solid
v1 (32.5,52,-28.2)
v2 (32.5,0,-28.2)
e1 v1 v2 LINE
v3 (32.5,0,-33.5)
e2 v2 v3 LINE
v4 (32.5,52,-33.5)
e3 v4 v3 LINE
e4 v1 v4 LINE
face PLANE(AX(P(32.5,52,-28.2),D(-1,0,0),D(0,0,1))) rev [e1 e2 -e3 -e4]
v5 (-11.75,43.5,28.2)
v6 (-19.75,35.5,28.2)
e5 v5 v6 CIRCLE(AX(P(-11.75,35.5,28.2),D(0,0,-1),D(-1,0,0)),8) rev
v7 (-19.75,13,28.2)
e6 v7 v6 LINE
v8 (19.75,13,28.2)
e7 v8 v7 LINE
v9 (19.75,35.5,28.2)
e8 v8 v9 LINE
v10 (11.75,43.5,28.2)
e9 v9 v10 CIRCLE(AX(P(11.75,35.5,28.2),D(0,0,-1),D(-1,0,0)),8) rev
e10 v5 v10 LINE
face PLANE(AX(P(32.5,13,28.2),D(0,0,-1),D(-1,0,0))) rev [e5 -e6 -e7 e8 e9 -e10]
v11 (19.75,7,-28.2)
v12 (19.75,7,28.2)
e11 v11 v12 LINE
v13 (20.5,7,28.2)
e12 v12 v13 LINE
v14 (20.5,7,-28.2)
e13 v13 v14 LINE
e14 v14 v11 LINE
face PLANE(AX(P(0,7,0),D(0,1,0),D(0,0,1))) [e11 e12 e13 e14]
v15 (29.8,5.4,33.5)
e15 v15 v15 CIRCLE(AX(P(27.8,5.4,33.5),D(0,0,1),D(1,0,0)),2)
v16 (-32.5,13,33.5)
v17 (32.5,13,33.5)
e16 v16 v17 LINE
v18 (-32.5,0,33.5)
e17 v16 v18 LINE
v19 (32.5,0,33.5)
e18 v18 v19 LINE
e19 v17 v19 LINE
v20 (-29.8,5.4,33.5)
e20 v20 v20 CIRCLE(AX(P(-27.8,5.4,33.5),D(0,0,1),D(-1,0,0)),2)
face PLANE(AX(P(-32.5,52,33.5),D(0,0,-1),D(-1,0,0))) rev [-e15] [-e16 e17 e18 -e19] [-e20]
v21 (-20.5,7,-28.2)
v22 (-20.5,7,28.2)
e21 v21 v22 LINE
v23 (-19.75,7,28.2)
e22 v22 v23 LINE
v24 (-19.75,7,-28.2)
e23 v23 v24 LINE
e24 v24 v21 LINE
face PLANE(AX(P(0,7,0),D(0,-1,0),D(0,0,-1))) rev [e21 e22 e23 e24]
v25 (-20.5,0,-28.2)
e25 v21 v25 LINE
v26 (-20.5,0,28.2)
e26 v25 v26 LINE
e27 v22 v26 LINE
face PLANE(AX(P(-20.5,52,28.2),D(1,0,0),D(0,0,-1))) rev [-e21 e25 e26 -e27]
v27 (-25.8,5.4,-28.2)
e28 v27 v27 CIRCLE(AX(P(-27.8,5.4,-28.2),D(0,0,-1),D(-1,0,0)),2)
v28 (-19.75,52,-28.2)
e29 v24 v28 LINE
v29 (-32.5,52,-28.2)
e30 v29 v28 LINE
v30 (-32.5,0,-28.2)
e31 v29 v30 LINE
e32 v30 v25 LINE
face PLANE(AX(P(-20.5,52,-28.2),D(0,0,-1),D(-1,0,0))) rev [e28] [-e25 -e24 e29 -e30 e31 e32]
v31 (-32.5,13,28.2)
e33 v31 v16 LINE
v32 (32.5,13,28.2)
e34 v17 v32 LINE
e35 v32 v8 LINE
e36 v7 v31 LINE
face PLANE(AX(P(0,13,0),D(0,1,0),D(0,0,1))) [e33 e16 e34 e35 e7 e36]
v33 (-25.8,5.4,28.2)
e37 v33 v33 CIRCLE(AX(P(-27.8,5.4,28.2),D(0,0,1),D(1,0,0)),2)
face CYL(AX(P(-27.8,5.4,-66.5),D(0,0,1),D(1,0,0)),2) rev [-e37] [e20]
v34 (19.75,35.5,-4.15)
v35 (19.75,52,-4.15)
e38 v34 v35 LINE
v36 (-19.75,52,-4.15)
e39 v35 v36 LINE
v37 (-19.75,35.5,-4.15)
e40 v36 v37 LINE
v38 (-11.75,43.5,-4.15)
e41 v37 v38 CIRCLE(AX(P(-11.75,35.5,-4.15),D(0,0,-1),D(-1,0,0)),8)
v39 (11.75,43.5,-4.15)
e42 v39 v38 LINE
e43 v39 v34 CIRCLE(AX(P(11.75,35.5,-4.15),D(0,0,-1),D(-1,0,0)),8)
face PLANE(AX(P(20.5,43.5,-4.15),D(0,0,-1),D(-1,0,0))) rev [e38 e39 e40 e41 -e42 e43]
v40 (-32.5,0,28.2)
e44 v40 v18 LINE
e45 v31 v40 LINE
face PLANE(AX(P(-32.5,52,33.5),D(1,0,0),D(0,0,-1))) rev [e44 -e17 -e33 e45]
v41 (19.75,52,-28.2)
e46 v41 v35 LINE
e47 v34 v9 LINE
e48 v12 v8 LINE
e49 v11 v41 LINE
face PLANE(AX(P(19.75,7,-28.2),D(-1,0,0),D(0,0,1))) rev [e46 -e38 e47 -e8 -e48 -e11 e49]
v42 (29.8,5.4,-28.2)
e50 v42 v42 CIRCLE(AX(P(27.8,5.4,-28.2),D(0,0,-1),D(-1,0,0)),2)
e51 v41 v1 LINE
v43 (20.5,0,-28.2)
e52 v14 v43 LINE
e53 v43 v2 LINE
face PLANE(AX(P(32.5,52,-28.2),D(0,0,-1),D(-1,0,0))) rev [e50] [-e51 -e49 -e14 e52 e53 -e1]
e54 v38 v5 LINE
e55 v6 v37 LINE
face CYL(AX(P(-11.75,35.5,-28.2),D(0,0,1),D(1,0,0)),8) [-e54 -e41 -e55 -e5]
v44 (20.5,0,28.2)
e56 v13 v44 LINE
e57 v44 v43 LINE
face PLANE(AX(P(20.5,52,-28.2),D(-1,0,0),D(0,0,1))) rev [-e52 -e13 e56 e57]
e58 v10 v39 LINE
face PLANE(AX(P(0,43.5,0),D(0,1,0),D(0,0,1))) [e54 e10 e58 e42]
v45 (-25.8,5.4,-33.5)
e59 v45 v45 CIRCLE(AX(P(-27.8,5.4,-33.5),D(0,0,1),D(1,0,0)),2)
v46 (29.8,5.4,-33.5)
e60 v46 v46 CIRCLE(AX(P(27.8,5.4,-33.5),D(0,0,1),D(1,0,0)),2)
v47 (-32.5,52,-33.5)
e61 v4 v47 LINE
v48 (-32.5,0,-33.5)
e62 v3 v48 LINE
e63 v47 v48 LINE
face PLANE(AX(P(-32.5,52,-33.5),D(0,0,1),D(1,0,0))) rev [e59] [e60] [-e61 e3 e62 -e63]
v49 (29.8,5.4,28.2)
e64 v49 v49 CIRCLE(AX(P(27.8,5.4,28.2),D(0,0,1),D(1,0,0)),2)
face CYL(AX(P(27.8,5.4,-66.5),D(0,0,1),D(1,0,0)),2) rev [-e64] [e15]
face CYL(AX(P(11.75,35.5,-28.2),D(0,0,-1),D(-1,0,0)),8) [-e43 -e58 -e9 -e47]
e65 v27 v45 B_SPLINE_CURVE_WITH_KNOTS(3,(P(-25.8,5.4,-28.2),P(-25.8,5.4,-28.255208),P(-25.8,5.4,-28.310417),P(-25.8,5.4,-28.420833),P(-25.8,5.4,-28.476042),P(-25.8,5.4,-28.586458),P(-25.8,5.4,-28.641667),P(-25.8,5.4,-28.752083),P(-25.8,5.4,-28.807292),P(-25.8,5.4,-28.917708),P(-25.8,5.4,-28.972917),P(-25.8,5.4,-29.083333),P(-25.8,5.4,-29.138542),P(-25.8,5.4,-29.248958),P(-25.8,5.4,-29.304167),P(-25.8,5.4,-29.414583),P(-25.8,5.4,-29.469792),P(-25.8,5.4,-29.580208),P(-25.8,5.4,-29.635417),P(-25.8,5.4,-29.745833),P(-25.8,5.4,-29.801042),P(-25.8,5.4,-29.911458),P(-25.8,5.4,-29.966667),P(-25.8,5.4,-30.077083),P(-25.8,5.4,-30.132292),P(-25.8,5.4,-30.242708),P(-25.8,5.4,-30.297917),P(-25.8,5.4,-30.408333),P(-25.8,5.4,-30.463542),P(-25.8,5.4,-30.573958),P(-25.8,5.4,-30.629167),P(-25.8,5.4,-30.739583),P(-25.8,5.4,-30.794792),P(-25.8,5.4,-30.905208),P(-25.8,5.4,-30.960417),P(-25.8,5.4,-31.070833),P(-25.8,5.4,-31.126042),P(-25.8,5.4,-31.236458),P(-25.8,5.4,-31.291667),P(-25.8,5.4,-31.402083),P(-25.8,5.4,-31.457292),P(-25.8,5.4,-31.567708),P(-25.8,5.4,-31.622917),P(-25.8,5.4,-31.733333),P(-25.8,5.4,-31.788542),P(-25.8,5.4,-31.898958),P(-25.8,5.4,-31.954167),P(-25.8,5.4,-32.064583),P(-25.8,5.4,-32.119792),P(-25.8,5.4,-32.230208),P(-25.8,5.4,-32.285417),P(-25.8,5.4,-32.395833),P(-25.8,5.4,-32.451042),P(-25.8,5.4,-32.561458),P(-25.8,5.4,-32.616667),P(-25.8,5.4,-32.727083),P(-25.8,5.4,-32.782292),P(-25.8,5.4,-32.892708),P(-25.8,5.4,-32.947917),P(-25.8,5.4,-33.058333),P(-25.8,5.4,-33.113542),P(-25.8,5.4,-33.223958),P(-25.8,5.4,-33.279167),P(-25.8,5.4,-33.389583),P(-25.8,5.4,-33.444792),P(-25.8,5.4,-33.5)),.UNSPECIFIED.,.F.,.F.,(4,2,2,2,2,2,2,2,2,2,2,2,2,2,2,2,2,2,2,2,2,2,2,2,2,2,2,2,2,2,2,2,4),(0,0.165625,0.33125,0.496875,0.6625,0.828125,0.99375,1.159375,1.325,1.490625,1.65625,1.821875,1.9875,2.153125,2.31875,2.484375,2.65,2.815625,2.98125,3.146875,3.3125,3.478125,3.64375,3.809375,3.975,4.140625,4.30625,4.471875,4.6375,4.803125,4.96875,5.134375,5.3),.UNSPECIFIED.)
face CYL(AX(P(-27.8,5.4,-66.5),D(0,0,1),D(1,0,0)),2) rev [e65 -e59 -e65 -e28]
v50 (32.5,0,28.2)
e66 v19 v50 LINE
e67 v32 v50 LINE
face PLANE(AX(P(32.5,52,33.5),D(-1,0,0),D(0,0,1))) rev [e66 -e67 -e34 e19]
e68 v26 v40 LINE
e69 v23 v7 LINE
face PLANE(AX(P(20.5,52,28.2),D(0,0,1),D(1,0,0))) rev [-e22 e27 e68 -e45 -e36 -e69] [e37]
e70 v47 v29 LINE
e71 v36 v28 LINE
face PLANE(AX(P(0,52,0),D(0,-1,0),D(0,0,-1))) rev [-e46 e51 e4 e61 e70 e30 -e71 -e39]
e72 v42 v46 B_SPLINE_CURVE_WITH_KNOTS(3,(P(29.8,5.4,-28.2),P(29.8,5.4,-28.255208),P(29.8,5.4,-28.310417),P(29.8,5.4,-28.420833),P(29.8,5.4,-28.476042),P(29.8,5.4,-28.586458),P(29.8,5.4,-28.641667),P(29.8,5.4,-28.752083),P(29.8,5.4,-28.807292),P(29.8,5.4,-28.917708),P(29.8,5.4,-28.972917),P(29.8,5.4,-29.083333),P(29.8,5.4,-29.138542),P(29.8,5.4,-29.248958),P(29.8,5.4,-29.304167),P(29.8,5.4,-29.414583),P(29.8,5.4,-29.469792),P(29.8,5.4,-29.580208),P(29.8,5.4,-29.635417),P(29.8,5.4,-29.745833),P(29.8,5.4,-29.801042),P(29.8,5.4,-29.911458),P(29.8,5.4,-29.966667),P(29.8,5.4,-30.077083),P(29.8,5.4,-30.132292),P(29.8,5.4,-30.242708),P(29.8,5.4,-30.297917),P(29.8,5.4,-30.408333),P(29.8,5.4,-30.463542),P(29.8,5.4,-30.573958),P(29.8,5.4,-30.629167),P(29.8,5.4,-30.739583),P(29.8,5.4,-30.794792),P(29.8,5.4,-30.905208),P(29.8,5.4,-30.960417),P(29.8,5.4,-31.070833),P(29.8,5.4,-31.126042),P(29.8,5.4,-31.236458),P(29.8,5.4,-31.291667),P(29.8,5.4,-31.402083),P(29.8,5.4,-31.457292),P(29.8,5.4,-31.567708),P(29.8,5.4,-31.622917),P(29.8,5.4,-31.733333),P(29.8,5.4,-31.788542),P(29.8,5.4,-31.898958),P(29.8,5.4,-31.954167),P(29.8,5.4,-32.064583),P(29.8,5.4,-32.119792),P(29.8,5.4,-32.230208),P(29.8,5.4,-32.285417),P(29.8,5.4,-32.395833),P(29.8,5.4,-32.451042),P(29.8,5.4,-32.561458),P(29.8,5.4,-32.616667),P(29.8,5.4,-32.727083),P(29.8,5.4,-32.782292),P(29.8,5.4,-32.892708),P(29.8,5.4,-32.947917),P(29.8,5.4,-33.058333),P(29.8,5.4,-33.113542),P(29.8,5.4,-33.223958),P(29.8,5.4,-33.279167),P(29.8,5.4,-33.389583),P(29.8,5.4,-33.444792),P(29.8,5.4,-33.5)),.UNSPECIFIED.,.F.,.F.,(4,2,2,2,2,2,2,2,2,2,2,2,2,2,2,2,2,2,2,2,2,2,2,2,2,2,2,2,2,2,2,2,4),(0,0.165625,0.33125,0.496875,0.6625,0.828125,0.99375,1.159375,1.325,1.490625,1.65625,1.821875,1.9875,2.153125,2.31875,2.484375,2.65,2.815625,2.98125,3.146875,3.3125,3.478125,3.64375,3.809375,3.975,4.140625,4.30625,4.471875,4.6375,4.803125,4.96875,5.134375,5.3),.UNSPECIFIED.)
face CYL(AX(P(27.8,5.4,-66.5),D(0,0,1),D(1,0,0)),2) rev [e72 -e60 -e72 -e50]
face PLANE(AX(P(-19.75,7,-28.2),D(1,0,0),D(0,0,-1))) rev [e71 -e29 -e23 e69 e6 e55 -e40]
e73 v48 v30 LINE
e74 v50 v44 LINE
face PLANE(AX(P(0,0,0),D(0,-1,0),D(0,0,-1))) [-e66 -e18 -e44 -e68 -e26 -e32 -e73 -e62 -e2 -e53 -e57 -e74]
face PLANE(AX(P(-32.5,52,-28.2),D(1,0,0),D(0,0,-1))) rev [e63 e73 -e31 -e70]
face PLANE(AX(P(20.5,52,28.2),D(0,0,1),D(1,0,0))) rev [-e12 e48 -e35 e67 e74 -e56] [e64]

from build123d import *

# Parameters (mm, degrees)
RESSALTO_EXTRUS_O1_DEPTH = 52
ESBO_O2_R                = 2
CORTE_EXTRUS_O1_DEPTH    = 100
ESBO_O3_W                = 41
ESBO_O3_H                = 32.35
CORTE_EXTRUS_O2_DEPTH    = 8.5
ESBO_O8_W                = 65
ESBO_O8_H                = 5.3
CORTE_EXTRUS_O6_DEPTH    = 39
ESBO_O9_W                = 0.75
ESBO_O9_H                = 56.4
CORTE_EXTRUS_O7_DEPTH    = 45
FILETE6_R                = 8


with BuildPart() as part:
    # Esboço1 → Ressalto-extrusão1 (new body)
    with BuildSketch(Plane(origin=(0, 0, 0), x_dir=(1, 0, 0), z_dir=(0, 1, 0))):
        Polygon((-32.5, -28.2), (-20.5, -28.2), (-20.5, 28.2), (-32.5, 28.2), (-32.5, 33.5), (32.5, 33.5), (32.5, 28.2), (20.5, 28.2), (20.5, -28.2), (32.5, -28.2), (32.5, -33.5), (-32.5, -33.5), align=None)
    extrude(amount=RESSALTO_EXTRUS_O1_DEPTH)

    # Esboço2 → Corte-extrusão1 (cut)
    with BuildSketch(Plane.XY.offset(33.5)):
        with Locations((27.8, 5.4)):
            Circle(ESBO_O2_R)
        with Locations((-27.8, 5.4)):
            Circle(ESBO_O2_R)
    extrude(amount=-CORTE_EXTRUS_O1_DEPTH, mode=Mode.SUBTRACT)

    # Esboço3 → Corte-extrusão2 (cut)
    with BuildSketch(Plane(origin=(0, 52, 0), x_dir=(1, 0, 0), z_dir=(0, 1, 0))):
        with Locations((0, -12.025)):
            Rectangle(ESBO_O3_W, ESBO_O3_H)
    extrude(amount=-CORTE_EXTRUS_O2_DEPTH, mode=Mode.SUBTRACT)

    # Esboço8 → Corte-extrusão6 (cut)
    with BuildSketch(Plane(origin=(0, 52, 0), x_dir=(1, 0, 0), z_dir=(0, 1, 0))):
        with Locations((0, -30.85)):
            Rectangle(ESBO_O8_W, ESBO_O8_H)
    extrude(amount=-CORTE_EXTRUS_O6_DEPTH, mode=Mode.SUBTRACT)

    # Esboço9 → Corte-extrusão7 (cut)
    with BuildSketch(Plane(origin=(0, 52, 0), x_dir=(1, 0, 0), z_dir=(0, 1, 0))):
        with Locations((-20.125, 0)):
            Rectangle(ESBO_O9_W, ESBO_O9_H)
        with Locations((20.125, 0)):
            Rectangle(ESBO_O9_W, ESBO_O9_H)
    extrude(amount=-CORTE_EXTRUS_O7_DEPTH, mode=Mode.SUBTRACT)

    # Filete6
    filete6_edges = [part.edges().sort_by_distance(p)[0] for p in [
        (19.75, 43.5, 12.025),
        (-19.75, 43.5, 12.025),
    ]]
    fillet(filete6_edges, radius=FILETE6_R)


solid = part.part
